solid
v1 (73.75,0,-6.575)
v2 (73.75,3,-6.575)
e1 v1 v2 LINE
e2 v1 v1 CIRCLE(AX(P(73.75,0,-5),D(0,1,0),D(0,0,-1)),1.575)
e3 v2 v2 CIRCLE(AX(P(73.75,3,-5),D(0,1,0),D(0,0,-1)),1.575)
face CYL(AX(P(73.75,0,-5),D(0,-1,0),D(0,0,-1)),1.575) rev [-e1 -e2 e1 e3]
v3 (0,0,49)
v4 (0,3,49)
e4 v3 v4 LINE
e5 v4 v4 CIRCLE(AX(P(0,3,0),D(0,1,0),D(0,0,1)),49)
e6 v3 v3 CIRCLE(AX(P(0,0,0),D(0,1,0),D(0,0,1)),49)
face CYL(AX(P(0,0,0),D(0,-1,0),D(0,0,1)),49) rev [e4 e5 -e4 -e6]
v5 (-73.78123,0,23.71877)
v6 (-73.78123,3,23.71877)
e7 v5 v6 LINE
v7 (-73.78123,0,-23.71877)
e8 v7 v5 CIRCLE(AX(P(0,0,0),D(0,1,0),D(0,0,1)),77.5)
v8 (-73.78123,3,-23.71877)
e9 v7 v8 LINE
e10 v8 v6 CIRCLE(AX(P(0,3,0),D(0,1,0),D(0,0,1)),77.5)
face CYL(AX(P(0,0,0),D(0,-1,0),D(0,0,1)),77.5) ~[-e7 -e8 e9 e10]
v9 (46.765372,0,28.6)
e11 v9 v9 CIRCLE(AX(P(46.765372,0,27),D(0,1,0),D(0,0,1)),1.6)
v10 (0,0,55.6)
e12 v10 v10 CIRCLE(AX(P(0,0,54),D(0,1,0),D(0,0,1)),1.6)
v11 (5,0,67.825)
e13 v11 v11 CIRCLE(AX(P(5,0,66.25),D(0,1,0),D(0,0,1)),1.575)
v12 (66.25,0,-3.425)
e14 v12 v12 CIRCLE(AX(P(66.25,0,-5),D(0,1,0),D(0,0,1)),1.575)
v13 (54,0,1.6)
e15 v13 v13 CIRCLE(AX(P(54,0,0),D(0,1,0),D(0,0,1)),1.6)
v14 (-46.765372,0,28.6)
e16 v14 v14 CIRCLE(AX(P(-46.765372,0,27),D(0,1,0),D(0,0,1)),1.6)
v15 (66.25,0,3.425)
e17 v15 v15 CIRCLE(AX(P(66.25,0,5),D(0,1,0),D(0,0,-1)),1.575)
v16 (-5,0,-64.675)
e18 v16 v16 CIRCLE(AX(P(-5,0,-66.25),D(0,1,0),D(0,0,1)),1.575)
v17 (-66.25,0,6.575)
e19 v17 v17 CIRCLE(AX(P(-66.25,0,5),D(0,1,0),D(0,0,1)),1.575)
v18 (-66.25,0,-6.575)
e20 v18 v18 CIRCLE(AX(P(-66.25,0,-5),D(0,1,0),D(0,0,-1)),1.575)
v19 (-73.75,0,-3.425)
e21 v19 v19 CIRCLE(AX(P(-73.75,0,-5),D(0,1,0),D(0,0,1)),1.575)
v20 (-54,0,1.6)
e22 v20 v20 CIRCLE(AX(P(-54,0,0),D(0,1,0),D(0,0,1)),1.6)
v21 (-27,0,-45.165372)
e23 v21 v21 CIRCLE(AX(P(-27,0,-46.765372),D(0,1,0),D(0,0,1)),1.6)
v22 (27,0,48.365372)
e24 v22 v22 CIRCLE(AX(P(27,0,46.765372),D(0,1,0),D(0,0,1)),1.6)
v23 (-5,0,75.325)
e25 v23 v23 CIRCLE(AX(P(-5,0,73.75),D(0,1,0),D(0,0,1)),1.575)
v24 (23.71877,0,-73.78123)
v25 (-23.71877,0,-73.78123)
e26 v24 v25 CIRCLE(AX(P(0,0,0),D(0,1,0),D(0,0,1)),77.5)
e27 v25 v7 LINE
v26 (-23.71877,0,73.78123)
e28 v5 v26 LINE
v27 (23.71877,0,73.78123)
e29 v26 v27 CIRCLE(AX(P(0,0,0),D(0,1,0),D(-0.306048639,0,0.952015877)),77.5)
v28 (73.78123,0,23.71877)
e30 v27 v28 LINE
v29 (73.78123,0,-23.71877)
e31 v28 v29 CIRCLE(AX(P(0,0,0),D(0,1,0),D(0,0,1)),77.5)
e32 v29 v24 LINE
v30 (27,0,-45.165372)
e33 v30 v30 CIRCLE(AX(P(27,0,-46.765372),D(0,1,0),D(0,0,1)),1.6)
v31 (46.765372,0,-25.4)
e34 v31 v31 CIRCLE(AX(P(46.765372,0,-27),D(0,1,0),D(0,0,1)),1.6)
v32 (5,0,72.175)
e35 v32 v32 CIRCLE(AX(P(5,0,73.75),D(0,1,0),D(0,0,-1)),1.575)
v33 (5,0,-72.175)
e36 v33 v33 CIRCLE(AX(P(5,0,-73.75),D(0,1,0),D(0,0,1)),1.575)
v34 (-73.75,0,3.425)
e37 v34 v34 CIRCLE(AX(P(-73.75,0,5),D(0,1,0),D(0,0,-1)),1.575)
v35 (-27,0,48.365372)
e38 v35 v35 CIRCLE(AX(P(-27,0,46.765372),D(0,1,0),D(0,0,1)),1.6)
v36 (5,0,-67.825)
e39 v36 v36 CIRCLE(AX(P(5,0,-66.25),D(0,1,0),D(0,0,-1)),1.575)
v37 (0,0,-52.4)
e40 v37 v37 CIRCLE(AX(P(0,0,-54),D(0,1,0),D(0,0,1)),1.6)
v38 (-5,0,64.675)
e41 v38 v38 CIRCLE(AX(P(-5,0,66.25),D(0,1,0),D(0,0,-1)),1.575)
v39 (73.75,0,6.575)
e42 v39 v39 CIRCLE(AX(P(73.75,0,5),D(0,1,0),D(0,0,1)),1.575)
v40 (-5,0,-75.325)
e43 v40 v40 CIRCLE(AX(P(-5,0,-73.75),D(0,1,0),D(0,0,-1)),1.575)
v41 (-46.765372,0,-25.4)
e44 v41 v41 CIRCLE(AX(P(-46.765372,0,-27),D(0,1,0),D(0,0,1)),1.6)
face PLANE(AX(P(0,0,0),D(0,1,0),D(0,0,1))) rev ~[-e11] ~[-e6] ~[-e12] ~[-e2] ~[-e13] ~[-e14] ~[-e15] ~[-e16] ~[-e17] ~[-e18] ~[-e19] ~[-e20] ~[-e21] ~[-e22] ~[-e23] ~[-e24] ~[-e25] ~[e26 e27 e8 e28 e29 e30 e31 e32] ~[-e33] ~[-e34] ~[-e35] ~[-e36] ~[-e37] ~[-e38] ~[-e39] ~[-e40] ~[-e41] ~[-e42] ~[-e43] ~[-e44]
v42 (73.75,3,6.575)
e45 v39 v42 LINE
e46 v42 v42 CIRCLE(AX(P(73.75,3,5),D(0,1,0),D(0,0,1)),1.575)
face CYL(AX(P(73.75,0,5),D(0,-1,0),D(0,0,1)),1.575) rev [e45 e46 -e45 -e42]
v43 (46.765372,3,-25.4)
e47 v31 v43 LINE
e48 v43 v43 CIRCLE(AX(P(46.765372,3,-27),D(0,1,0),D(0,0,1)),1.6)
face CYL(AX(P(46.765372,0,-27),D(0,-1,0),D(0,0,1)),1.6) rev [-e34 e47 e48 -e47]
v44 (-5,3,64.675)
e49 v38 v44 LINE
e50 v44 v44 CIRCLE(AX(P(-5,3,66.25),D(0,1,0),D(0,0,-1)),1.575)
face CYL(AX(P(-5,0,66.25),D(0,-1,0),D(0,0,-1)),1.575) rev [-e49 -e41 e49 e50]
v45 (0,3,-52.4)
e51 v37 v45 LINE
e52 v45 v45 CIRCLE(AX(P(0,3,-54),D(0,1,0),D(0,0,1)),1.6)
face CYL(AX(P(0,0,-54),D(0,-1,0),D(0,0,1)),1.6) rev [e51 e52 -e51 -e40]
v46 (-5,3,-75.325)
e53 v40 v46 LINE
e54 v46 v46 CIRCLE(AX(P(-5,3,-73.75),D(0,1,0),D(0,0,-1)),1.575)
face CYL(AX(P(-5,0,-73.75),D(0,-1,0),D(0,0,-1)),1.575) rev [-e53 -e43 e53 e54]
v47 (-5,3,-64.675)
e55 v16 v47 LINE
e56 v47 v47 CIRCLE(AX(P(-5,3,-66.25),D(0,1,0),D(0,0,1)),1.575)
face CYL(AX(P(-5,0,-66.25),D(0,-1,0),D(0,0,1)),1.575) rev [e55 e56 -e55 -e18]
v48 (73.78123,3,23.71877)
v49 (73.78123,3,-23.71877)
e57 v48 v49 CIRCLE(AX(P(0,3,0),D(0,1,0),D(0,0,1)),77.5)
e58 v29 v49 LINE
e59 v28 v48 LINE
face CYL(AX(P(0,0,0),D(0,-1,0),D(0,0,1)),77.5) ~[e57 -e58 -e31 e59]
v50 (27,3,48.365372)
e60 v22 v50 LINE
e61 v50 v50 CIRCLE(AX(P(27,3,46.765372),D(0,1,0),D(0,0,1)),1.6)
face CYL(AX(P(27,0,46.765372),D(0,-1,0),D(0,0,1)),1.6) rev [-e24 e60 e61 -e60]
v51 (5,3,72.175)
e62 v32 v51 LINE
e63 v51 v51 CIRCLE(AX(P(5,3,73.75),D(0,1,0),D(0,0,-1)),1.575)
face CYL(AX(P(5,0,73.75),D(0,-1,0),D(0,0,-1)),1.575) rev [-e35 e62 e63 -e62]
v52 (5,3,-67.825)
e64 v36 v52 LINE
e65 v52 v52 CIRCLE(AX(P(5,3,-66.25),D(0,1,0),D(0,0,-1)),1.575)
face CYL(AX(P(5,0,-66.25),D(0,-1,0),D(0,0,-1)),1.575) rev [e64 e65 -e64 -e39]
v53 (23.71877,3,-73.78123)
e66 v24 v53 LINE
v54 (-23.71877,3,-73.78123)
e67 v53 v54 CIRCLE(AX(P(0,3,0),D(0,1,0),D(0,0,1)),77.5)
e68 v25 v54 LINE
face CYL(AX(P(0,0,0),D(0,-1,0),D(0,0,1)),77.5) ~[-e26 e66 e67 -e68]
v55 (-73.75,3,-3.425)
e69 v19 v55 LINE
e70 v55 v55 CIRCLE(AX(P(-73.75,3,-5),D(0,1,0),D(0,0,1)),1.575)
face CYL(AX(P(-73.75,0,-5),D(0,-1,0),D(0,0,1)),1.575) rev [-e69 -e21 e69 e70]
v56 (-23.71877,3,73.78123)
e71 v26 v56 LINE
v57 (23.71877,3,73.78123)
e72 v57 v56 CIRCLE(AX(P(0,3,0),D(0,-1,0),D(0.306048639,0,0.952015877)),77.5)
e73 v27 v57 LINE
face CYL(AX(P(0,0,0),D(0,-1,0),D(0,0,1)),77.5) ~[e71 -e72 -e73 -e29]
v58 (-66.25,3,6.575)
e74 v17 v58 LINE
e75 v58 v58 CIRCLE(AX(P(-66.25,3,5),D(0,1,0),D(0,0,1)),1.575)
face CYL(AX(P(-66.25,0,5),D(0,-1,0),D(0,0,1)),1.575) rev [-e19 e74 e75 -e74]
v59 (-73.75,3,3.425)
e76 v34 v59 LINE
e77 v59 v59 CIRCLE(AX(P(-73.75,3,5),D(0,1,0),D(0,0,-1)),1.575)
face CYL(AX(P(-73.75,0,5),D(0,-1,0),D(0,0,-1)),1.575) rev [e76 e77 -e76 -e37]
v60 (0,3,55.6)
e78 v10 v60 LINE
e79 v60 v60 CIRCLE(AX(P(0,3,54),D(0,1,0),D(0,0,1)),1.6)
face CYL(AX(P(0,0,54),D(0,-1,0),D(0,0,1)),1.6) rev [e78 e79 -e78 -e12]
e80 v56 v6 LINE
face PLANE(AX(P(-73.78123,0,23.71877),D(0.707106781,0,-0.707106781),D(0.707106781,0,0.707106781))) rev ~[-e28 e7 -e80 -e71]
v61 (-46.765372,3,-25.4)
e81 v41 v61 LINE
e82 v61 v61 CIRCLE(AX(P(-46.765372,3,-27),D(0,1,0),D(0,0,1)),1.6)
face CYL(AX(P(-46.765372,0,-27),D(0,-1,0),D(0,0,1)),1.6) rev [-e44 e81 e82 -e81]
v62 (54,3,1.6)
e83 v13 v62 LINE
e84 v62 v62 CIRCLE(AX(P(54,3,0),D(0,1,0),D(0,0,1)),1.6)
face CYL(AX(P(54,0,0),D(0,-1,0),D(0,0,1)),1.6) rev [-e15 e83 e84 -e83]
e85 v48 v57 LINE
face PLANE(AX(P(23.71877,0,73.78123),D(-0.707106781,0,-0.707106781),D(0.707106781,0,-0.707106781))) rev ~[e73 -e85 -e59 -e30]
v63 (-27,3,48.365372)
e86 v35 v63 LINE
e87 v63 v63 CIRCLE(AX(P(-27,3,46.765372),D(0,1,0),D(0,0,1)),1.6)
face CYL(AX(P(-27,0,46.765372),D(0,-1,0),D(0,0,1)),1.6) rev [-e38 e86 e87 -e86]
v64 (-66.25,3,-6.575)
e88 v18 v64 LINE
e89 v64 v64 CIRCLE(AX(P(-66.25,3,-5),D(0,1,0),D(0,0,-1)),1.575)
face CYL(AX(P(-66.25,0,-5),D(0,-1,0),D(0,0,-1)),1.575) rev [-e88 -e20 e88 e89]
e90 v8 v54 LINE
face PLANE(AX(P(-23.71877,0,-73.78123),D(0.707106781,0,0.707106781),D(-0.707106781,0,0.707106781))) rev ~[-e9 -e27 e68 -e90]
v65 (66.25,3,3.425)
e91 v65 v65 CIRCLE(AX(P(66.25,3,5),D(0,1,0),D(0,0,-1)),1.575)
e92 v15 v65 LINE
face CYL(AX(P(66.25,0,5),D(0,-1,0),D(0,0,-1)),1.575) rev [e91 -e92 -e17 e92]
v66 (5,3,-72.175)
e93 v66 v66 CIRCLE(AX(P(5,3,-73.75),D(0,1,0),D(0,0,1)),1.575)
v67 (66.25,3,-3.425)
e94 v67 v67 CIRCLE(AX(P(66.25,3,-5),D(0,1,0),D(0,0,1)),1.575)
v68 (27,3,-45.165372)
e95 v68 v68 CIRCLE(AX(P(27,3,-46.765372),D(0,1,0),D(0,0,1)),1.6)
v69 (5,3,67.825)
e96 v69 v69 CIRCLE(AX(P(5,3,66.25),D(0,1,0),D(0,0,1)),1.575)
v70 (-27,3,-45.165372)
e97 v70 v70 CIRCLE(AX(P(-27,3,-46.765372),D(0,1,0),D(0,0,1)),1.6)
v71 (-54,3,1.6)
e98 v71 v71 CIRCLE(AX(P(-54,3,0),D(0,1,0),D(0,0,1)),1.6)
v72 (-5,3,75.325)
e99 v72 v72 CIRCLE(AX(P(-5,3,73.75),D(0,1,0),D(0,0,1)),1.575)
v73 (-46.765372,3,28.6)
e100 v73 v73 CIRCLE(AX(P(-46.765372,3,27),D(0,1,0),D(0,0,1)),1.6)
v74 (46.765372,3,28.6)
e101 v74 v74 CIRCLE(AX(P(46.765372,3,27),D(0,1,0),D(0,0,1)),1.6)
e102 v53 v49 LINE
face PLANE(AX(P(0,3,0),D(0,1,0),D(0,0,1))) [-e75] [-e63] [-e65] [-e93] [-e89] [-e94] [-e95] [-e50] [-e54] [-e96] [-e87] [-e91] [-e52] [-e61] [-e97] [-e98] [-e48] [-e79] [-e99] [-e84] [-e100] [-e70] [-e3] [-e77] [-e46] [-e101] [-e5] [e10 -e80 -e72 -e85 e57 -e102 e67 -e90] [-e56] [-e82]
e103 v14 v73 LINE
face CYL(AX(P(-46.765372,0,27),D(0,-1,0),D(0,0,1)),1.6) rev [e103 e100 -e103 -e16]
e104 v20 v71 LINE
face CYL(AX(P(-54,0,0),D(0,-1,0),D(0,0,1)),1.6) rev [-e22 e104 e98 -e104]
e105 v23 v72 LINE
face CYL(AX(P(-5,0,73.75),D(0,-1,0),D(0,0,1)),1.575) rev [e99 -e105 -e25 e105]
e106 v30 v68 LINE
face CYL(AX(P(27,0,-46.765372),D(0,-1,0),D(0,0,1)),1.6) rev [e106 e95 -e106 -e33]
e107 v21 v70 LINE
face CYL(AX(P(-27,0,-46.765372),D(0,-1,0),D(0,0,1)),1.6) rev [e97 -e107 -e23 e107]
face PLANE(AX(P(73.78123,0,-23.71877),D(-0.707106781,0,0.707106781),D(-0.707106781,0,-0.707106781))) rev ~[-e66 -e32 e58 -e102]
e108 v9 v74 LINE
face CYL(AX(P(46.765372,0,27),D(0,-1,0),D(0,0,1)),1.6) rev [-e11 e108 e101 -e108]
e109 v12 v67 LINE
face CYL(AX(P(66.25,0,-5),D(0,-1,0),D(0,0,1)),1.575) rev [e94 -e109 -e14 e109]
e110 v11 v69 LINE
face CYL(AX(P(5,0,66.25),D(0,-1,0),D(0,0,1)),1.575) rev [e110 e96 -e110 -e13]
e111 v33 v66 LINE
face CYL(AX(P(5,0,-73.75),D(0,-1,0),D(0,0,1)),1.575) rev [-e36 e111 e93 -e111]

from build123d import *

# Parameters (mm, degrees)
SKETCH_1_R          = 77.5
SKETCH_1_R_2        = 49
SKETCH_1_R_3        = 1.6
SKETCH_1_R_4        = 1.575
EXTRUDE_1_DEPTH     = 3
CUT_EXTRUDE_1_DEPTH = 10


with BuildPart() as part:
    # 草图1 → 凸台-拉伸1 (new body)
    with BuildSketch(Plane(origin=(0, 0, 0), x_dir=(1, 0, 0), z_dir=(0, 1, 0))):
        with Locations(Location((0, 0, 0), (0, 0, 270))):
            Circle(SKETCH_1_R)
        with Locations(Location((0, 0, 0), (0, 0, 270))):
            Circle(SKETCH_1_R_2, mode=Mode.SUBTRACT)
        with Locations(Location((0, 54, 0), (0, 0, 270))):
            Circle(SKETCH_1_R_3, mode=Mode.SUBTRACT)
        with Locations(Location((27, 46.765371804, 0), (0, 0, 270))):
            Circle(SKETCH_1_R_3, mode=Mode.SUBTRACT)
        with Locations(Location((46.765371804, 27, 0), (0, 0, 270))):
            Circle(SKETCH_1_R_3, mode=Mode.SUBTRACT)
        with Locations(Location((54, 0, 0), (0, 0, 270))):
            Circle(SKETCH_1_R_3, mode=Mode.SUBTRACT)
        with Locations(Location((46.765371804, -27, 0), (0, 0, 270))):
            Circle(SKETCH_1_R_3, mode=Mode.SUBTRACT)
        with Locations(Location((27, -46.765371804, 0), (0, 0, 270))):
            Circle(SKETCH_1_R_3, mode=Mode.SUBTRACT)
        with Locations(Location((0, -54, 0), (0, 0, 270))):
            Circle(SKETCH_1_R_3, mode=Mode.SUBTRACT)
        with Locations(Location((-27, -46.765371804, 0), (0, 0, 270))):
            Circle(SKETCH_1_R_3, mode=Mode.SUBTRACT)
        with Locations(Location((-46.765371804, -27, 0), (0, 0, 270))):
            Circle(SKETCH_1_R_3, mode=Mode.SUBTRACT)
        with Locations(Location((-54, 0, 0), (0, 0, 270))):
            Circle(SKETCH_1_R_3, mode=Mode.SUBTRACT)
        with Locations(Location((-46.765371804, 27, 0), (0, 0, 270))):
            Circle(SKETCH_1_R_3, mode=Mode.SUBTRACT)
        with Locations(Location((-27, 46.765371804, 0), (0, 0, 270))):
            Circle(SKETCH_1_R_3, mode=Mode.SUBTRACT)
        with Locations(Location((-73.75, 5, 0), (0, 0, 270))):
            Circle(SKETCH_1_R_4, mode=Mode.SUBTRACT)
        with Locations(Location((-66.25, 5, 0), (0, 0, 90))):
            Circle(SKETCH_1_R_4, mode=Mode.SUBTRACT)
        with Locations(Location((-66.25, -5, 0), (0, 0, 270))):
            Circle(SKETCH_1_R_4, mode=Mode.SUBTRACT)
        with Locations(Location((-73.75, -5, 0), (0, 0, 90))):
            Circle(SKETCH_1_R_4, mode=Mode.SUBTRACT)
        with Locations(Location((5, 73.75, 0), (0, 0, 270))):
            Circle(SKETCH_1_R_4, mode=Mode.SUBTRACT)
        with Locations(Location((5, 66.25, 0), (0, 0, 90))):
            Circle(SKETCH_1_R_4, mode=Mode.SUBTRACT)
        with Locations(Location((-5, 66.25, 0), (0, 0, 270))):
            Circle(SKETCH_1_R_4, mode=Mode.SUBTRACT)
        with Locations(Location((-5, 73.75, 0), (0, 0, 90))):
            Circle(SKETCH_1_R_4, mode=Mode.SUBTRACT)
        with Locations(Location((73.75, -5, 0), (0, 0, 270))):
            Circle(SKETCH_1_R_4, mode=Mode.SUBTRACT)
        with Locations(Location((66.25, -5, 0), (0, 0, 90))):
            Circle(SKETCH_1_R_4, mode=Mode.SUBTRACT)
        with Locations(Location((66.25, 5, 0), (0, 0, 270))):
            Circle(SKETCH_1_R_4, mode=Mode.SUBTRACT)
        with Locations(Location((73.75, 5, 0), (0, 0, 90))):
            Circle(SKETCH_1_R_4, mode=Mode.SUBTRACT)
        with Locations(Location((-5, -73.75, 0), (0, 0, 270))):
            Circle(SKETCH_1_R_4, mode=Mode.SUBTRACT)
        with Locations(Location((-5, -66.25, 0), (0, 0, 90))):
            Circle(SKETCH_1_R_4, mode=Mode.SUBTRACT)
        with Locations(Location((5, -66.25, 0), (0, 0, 270))):
            Circle(SKETCH_1_R_4, mode=Mode.SUBTRACT)
        with Locations(Location((5, -73.75, 0), (0, 0, 90))):
            Circle(SKETCH_1_R_4, mode=Mode.SUBTRACT)
    extrude(amount=EXTRUDE_1_DEPTH)

    # 草图2 → 切除-拉伸1 (cut)
    with BuildSketch(Plane.XZ):
        with BuildLine():
            ThreePointArc((73.781230493, 23.718769507), (54.800775542, 54.800775542), (23.718769507, 73.781230493))
            Line((23.718769507, 73.781230493), (73.781230493, 23.718769507))
        make_face()
        with BuildLine():
            Line((73.781230493, -23.718769507), (23.718769507, -73.781230493))
            ThreePointArc((23.718769507, -73.781230493), (54.800775542, -54.800775542), (73.781230493, -23.718769507))
        make_face()
        with BuildLine():
            Line((-73.781230493, 23.718769507), (-23.718769507, 73.781230493))
            ThreePointArc((-23.718769507, 73.781230493), (-54.800775542, 54.800775542), (-73.781230493, 23.718769507))
        make_face()
        with BuildLine():
            Line((-23.718769507, -73.781230493), (-73.781230493, -23.718769507))
            ThreePointArc((-73.781230493, -23.718769507), (-54.800775542, -54.800775542), (-23.718769507, -73.781230493))
        make_face()
    extrude(amount=-CUT_EXTRUDE_1_DEPTH, mode=Mode.SUBTRACT)


solid = part.part
